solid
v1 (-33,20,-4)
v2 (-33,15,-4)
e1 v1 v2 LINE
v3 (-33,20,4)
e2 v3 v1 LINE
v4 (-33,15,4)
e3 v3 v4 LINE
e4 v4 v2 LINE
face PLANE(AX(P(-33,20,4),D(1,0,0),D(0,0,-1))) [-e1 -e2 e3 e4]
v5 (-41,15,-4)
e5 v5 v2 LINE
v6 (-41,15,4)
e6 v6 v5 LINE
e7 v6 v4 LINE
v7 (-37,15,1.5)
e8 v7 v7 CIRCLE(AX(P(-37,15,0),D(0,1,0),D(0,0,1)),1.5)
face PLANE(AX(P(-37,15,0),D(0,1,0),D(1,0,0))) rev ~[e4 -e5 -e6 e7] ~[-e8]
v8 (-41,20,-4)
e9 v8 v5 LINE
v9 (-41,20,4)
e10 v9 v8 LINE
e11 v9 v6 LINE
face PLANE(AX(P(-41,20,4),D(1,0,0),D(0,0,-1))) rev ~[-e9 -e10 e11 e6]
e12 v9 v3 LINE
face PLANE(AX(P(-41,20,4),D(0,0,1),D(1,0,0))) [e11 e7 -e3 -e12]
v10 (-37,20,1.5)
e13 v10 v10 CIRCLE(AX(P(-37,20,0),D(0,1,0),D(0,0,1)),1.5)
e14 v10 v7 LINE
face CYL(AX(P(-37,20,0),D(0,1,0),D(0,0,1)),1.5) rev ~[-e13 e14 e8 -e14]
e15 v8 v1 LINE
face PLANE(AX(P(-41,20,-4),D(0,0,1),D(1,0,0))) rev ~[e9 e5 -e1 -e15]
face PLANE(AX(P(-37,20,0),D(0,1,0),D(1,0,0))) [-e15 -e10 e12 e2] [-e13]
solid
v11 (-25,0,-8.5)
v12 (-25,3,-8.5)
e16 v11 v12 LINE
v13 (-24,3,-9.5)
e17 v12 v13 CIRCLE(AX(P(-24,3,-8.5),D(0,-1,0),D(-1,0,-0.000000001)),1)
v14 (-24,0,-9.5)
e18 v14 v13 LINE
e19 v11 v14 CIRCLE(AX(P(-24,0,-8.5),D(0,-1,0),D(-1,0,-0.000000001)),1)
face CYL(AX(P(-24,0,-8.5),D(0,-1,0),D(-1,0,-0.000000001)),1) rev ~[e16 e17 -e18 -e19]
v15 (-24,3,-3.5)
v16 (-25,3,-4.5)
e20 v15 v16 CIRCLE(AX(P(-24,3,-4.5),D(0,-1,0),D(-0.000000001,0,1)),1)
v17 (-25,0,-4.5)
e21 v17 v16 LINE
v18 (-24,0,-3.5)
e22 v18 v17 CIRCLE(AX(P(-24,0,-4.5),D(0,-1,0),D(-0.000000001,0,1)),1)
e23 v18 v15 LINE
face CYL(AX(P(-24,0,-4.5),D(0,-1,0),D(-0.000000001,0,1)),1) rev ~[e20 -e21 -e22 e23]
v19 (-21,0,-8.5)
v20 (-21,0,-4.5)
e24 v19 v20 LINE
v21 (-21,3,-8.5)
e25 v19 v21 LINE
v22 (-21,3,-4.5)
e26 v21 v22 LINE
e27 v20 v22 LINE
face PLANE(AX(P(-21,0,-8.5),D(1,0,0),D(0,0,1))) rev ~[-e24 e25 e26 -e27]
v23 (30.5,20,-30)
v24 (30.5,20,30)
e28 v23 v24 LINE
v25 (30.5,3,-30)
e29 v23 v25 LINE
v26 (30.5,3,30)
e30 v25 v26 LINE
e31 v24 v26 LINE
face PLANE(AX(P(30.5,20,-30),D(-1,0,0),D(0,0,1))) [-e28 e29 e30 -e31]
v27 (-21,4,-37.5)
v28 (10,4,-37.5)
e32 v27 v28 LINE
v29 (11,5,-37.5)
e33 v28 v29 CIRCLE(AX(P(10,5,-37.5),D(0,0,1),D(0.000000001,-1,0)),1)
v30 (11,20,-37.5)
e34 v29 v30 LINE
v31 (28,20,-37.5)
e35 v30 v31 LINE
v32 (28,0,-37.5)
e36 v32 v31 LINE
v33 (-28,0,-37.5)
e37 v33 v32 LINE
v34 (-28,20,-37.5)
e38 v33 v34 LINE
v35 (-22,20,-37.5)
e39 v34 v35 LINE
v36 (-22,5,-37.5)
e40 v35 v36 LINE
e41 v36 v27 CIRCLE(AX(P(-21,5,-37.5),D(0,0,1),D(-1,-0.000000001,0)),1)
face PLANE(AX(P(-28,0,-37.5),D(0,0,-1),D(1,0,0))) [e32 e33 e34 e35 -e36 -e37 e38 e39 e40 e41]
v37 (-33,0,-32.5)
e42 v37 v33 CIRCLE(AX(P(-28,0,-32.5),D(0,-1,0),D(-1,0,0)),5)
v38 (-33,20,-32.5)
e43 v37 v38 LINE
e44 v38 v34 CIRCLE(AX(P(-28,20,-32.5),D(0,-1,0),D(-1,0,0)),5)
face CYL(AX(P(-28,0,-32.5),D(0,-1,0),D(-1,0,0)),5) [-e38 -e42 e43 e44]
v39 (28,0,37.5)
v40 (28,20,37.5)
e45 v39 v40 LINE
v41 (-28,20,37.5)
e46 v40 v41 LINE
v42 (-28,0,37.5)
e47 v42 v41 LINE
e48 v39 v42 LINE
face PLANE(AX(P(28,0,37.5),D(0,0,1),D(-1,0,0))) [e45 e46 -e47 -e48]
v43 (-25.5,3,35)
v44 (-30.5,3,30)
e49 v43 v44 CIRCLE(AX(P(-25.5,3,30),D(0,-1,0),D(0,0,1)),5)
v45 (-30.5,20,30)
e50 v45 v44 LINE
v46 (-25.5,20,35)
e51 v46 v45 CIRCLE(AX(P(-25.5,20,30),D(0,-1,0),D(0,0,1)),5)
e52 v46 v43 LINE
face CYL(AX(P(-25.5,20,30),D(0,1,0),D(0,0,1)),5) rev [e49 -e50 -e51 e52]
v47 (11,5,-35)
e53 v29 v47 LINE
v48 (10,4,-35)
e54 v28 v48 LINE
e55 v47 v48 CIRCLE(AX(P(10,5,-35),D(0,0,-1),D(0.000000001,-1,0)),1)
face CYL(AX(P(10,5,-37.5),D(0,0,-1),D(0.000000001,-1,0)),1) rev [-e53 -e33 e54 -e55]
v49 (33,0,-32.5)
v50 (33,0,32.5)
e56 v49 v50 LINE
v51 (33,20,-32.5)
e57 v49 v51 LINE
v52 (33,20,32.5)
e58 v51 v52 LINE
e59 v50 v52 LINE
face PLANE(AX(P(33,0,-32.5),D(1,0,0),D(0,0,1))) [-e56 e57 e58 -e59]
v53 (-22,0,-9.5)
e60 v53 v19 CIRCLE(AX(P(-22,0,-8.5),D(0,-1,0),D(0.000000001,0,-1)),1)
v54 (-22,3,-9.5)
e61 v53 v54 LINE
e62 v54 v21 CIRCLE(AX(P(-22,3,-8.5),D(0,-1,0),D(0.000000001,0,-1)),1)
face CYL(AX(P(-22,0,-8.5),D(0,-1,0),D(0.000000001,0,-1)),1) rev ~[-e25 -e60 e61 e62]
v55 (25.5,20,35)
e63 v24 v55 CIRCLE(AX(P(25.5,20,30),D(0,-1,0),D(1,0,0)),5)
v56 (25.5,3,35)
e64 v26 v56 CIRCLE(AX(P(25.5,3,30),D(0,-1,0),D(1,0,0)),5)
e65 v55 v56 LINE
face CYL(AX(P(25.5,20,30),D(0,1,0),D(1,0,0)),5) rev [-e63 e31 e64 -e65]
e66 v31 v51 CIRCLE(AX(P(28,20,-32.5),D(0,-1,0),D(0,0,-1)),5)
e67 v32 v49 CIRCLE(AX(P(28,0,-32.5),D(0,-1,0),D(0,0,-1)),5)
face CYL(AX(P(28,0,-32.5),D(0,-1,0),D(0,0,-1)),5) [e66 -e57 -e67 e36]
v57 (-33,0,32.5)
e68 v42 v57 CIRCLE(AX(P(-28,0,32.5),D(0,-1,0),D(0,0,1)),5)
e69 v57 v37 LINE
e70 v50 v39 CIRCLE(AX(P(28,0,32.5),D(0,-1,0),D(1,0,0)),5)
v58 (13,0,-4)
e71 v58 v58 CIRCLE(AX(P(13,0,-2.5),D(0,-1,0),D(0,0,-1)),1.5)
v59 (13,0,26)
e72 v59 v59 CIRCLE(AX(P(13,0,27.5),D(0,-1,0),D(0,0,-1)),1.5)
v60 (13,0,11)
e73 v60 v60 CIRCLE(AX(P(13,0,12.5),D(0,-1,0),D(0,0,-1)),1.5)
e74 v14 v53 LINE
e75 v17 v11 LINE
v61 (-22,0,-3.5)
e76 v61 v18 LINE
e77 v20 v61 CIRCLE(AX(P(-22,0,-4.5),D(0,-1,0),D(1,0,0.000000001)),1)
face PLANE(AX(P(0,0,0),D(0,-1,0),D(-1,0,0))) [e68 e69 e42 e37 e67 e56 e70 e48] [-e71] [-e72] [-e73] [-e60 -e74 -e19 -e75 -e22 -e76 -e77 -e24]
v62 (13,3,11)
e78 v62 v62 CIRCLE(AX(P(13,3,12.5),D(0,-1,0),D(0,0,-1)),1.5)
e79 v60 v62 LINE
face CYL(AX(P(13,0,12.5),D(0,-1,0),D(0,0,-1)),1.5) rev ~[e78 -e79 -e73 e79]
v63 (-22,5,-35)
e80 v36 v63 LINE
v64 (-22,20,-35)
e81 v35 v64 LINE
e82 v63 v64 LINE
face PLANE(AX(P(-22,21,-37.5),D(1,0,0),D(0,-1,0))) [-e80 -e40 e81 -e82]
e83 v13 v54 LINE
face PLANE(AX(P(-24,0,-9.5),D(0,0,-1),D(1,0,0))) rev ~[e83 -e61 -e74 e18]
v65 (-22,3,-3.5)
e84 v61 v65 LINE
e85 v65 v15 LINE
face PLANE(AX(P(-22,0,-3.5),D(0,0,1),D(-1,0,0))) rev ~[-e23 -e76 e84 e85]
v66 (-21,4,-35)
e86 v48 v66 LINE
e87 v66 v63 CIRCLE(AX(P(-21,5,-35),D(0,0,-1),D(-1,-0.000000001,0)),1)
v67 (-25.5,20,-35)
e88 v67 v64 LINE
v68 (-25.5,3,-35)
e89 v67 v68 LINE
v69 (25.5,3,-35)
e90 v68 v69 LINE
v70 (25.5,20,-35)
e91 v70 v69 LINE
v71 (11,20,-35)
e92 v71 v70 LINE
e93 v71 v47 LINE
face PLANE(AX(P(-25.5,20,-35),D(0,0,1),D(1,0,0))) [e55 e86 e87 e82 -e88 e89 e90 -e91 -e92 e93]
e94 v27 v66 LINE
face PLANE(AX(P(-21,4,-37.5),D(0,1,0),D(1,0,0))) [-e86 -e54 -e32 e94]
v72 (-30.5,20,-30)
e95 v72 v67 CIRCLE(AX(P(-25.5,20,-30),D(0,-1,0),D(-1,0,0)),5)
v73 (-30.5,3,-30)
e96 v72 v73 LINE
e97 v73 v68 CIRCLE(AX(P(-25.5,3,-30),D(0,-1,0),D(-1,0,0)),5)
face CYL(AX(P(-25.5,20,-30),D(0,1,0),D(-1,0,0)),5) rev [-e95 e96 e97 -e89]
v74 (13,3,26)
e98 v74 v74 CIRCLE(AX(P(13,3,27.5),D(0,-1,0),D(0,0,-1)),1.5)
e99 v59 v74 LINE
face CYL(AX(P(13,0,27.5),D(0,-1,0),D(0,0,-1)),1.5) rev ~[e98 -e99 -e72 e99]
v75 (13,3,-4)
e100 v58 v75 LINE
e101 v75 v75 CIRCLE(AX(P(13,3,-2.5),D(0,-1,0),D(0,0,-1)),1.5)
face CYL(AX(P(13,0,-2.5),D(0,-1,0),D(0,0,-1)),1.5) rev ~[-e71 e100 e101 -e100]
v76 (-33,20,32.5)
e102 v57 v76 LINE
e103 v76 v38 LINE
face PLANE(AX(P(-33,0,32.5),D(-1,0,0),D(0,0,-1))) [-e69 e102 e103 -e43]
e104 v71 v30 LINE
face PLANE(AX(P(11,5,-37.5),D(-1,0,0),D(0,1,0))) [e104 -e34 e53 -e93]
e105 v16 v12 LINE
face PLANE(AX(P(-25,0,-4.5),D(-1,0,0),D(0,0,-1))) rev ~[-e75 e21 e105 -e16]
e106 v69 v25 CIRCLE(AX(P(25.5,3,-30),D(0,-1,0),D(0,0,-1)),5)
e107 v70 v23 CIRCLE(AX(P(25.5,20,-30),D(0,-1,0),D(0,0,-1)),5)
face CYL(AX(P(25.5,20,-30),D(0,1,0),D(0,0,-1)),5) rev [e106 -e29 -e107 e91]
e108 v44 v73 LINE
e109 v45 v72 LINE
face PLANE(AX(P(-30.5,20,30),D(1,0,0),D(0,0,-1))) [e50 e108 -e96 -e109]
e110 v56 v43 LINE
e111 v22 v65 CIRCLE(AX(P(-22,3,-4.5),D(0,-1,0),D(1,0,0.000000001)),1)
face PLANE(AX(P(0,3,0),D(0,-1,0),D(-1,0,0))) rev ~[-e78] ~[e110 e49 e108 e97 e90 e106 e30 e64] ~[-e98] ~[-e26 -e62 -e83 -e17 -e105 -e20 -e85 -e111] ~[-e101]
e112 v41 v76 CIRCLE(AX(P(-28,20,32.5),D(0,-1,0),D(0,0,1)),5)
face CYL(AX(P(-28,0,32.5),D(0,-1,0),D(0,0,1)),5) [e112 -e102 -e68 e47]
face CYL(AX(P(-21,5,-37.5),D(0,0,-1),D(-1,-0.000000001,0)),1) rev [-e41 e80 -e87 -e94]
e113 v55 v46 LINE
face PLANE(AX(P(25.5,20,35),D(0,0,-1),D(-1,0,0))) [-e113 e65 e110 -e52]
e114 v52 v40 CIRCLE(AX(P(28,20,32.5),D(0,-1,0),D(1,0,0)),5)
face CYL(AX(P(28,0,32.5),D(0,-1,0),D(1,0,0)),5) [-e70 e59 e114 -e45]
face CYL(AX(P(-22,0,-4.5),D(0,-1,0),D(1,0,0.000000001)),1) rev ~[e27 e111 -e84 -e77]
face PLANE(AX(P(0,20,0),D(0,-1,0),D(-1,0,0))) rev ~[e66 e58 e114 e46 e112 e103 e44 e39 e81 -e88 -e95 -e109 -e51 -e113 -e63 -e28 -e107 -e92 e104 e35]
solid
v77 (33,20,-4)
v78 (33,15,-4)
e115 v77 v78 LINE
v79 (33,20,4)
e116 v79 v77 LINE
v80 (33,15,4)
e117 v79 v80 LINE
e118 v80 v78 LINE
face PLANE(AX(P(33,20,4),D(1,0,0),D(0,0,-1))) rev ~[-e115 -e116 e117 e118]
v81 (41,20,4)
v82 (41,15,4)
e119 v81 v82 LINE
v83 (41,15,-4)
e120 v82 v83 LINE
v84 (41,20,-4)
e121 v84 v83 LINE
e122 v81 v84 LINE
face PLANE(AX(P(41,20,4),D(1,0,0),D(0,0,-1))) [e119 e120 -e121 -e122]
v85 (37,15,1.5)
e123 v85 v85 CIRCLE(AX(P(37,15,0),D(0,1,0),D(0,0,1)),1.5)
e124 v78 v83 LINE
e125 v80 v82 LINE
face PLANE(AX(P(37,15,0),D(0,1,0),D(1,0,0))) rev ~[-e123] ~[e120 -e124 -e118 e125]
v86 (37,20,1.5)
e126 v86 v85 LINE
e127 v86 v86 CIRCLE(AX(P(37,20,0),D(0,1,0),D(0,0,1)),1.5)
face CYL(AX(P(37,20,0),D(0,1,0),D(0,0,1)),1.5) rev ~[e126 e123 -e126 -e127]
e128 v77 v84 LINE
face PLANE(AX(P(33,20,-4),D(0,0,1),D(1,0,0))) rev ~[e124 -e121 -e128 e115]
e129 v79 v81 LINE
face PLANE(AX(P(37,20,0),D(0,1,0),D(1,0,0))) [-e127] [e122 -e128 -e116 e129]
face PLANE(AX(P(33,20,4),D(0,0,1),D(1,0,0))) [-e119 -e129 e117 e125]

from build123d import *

# Parameters (mm, degrees)
AUFSATZ_LINEAR_AUSTRAGEN1_DEPTH   = 20
SCHNITT_LINEAR_AUSTRAGEN1_DEPTH   = 17
SCHNITT_LINEAR_AUSTRAGEN2_DEPTH   = 32
SCHNITT_LINEAR_AUSTRAGEN3_DEPTH   = 17
SKIZZE5_R                         = 1.5
SCHNITT_LINEAR_AUSTRAGEN4_DEPTH   = 17
SKIZZE7_W                         = 8
SKIZZE7_H                         = 8
AUFSATZ_LINEAR_AUSTRAGEN2_DEPTH   = 5
AUFSATZ_LINEAR_AUSTRAGEN2_2_DEPTH = 5
SKIZZE8_R                         = 1.5
SCHNITT_LINEAR_AUSTRAGEN6_DEPTH   = 10
SKIZZE9_R                         = 1.5
SCHNITT_LINEAR_AUSTRAGEN7_DEPTH   = 10


with BuildPart() as part:
    # Skizze1 → Aufsatz-Linear austragen1 (new body)
    with BuildSketch(Plane(origin=(0, 0, 0), x_dir=(1, 0, 0), z_dir=(0, 1, 0))):
        with BuildLine():
            Line((28, -37.5), (-28, -37.5))
            ThreePointArc((-28, -37.5), (-31.535533906, -36.035533906), (-33, -32.5))
            Line((-33, -32.5), (-33, 32.5))
            ThreePointArc((-33, 32.5), (-31.535533906, 36.035533906), (-28, 37.5))
            Line((-28, 37.5), (28, 37.5))
            ThreePointArc((28, 37.5), (31.535533906, 36.035533906), (33, 32.5))
            Line((33, 32.5), (33, -32.5))
            ThreePointArc((33, -32.5), (31.535533906, -36.035533906), (28, -37.5))
        make_face()
    extrude(amount=AUFSATZ_LINEAR_AUSTRAGEN1_DEPTH)

    # Skizze2 → Schnitt-Linear austragen1 (cut)
    with BuildSketch(Plane(origin=(0, 20, 0), x_dir=(1, 0, 0), z_dir=(0, 1, 0))):
        with BuildLine():
            Line((25.5, -35), (-25.5, -35))
            ThreePointArc((-25.5, -35), (-29.035533906, -33.535533906), (-30.5, -30))
            Line((-30.5, -30), (-30.5, 30))
            ThreePointArc((-30.5, 30), (-29.035533906, 33.535533906), (-25.5, 35))
            Line((-25.5, 35), (25.5, 35))
            ThreePointArc((25.5, 35), (29.035533906, 33.535533906), (30.5, 30))
            Line((30.5, 30), (30.5, -30))
            ThreePointArc((30.5, -30), (29.035533906, -33.535533906), (25.5, -35))
        make_face()
    extrude(amount=-SCHNITT_LINEAR_AUSTRAGEN1_DEPTH, mode=Mode.SUBTRACT)

    # Skizze3 → Schnitt-Linear austragen2 (cut)
    with BuildSketch(Plane(origin=(0, 0, -37.5), x_dir=(-1, 0, 0), z_dir=(0, 0, -1))):
        with BuildLine():
            Line((-10, 22), (21, 22))
            ThreePointArc((21, 22), (21.707106781, 21.707106781), (22, 21))
            Line((22, 21), (22, 5))
            ThreePointArc((22, 5), (21.707106781, 4.292893219), (21, 4))
            Line((21, 4), (-10, 4))
            ThreePointArc((-10, 4), (-10.707106781, 4.292893219), (-11, 5))
            Line((-11, 5), (-11, 21))
            ThreePointArc((-11, 21), (-10.707106781, 21.707106781), (-10, 22))
        make_face()
    extrude(amount=-SCHNITT_LINEAR_AUSTRAGEN2_DEPTH, mode=Mode.SUBTRACT)

    # Skizze4 → Schnitt-Linear austragen3 (cut)
    with BuildSketch(Plane.XZ):
        with BuildLine():
            Line((-22, -3.5), (-24, -3.5))
            ThreePointArc((-24, -3.5), (-24.707106781, -3.792893219), (-25, -4.5))
            Line((-25, -4.5), (-25, -8.5))
            ThreePointArc((-25, -8.5), (-24.707106781, -9.207106781), (-24, -9.5))
            Line((-24, -9.5), (-22, -9.5))
            ThreePointArc((-22, -9.5), (-21.292893219, -9.207106781), (-21, -8.5))
            Line((-21, -8.5), (-21, -4.5))
            ThreePointArc((-21, -4.5), (-21.292893219, -3.792893219), (-22, -3.5))
        make_face()
    extrude(amount=-SCHNITT_LINEAR_AUSTRAGEN3_DEPTH, mode=Mode.SUBTRACT)

    # Skizze5 → Schnitt-Linear austragen4 (cut)
    with BuildSketch(Plane.XZ):
        with Locations(Location((13, -2.5, 0), (0, 0, 270))):
            Circle(SKIZZE5_R)
        with Locations(Location((13, 27.5, 0), (0, 0, 270))):
            Circle(SKIZZE5_R)
        with Locations(Location((13, 12.5, 0), (0, 0, 270))):
            Circle(SKIZZE5_R)
    extrude(amount=-SCHNITT_LINEAR_AUSTRAGEN4_DEPTH, mode=Mode.SUBTRACT)


with BuildPart() as body_2:
    # Skizze7 → Aufsatz-Linear austragen2 (new body)
    with BuildSketch(Plane(origin=(0, 20, 0), x_dir=(1, 0, 0), z_dir=(0, 1, 0))):
        with Locations((37, 0)):
            Rectangle(SKIZZE7_W, SKIZZE7_H)
    extrude(amount=-AUFSATZ_LINEAR_AUSTRAGEN2_DEPTH)

    # Skizze9 → Schnitt-Linear austragen7 (cut)
    with BuildSketch(Plane(origin=(0, 20, 0), x_dir=(1, 0, 0), z_dir=(0, 1, 0))):
        with Locations(Location((37, 0, 0), (0, 0, 270))):
            Circle(SKIZZE9_R)
    extrude(amount=-SCHNITT_LINEAR_AUSTRAGEN7_DEPTH, mode=Mode.SUBTRACT)


with BuildPart() as body_3:
    # Skizze7 → Aufsatz-Linear austragen2 2 (new body)
    with BuildSketch(Plane(origin=(0, 20, 0), x_dir=(1, 0, 0), z_dir=(0, 1, 0))):
        with Locations((-37, 0)):
            Rectangle(SKIZZE7_W, SKIZZE7_H)
    extrude(amount=-AUFSATZ_LINEAR_AUSTRAGEN2_2_DEPTH)

    # Skizze8 → Schnitt-Linear austragen6 (cut)
    with BuildSketch(Plane(origin=(0, 20, 0), x_dir=(1, 0, 0), z_dir=(0, 1, 0))):
        with Locations(Location((-37, 0, 0), (0, 0, 270))):
            Circle(SKIZZE8_R)
    extrude(amount=-SCHNITT_LINEAR_AUSTRAGEN6_DEPTH, mode=Mode.SUBTRACT)


solid = Compound([part.part, body_2.part, body_3.part])
